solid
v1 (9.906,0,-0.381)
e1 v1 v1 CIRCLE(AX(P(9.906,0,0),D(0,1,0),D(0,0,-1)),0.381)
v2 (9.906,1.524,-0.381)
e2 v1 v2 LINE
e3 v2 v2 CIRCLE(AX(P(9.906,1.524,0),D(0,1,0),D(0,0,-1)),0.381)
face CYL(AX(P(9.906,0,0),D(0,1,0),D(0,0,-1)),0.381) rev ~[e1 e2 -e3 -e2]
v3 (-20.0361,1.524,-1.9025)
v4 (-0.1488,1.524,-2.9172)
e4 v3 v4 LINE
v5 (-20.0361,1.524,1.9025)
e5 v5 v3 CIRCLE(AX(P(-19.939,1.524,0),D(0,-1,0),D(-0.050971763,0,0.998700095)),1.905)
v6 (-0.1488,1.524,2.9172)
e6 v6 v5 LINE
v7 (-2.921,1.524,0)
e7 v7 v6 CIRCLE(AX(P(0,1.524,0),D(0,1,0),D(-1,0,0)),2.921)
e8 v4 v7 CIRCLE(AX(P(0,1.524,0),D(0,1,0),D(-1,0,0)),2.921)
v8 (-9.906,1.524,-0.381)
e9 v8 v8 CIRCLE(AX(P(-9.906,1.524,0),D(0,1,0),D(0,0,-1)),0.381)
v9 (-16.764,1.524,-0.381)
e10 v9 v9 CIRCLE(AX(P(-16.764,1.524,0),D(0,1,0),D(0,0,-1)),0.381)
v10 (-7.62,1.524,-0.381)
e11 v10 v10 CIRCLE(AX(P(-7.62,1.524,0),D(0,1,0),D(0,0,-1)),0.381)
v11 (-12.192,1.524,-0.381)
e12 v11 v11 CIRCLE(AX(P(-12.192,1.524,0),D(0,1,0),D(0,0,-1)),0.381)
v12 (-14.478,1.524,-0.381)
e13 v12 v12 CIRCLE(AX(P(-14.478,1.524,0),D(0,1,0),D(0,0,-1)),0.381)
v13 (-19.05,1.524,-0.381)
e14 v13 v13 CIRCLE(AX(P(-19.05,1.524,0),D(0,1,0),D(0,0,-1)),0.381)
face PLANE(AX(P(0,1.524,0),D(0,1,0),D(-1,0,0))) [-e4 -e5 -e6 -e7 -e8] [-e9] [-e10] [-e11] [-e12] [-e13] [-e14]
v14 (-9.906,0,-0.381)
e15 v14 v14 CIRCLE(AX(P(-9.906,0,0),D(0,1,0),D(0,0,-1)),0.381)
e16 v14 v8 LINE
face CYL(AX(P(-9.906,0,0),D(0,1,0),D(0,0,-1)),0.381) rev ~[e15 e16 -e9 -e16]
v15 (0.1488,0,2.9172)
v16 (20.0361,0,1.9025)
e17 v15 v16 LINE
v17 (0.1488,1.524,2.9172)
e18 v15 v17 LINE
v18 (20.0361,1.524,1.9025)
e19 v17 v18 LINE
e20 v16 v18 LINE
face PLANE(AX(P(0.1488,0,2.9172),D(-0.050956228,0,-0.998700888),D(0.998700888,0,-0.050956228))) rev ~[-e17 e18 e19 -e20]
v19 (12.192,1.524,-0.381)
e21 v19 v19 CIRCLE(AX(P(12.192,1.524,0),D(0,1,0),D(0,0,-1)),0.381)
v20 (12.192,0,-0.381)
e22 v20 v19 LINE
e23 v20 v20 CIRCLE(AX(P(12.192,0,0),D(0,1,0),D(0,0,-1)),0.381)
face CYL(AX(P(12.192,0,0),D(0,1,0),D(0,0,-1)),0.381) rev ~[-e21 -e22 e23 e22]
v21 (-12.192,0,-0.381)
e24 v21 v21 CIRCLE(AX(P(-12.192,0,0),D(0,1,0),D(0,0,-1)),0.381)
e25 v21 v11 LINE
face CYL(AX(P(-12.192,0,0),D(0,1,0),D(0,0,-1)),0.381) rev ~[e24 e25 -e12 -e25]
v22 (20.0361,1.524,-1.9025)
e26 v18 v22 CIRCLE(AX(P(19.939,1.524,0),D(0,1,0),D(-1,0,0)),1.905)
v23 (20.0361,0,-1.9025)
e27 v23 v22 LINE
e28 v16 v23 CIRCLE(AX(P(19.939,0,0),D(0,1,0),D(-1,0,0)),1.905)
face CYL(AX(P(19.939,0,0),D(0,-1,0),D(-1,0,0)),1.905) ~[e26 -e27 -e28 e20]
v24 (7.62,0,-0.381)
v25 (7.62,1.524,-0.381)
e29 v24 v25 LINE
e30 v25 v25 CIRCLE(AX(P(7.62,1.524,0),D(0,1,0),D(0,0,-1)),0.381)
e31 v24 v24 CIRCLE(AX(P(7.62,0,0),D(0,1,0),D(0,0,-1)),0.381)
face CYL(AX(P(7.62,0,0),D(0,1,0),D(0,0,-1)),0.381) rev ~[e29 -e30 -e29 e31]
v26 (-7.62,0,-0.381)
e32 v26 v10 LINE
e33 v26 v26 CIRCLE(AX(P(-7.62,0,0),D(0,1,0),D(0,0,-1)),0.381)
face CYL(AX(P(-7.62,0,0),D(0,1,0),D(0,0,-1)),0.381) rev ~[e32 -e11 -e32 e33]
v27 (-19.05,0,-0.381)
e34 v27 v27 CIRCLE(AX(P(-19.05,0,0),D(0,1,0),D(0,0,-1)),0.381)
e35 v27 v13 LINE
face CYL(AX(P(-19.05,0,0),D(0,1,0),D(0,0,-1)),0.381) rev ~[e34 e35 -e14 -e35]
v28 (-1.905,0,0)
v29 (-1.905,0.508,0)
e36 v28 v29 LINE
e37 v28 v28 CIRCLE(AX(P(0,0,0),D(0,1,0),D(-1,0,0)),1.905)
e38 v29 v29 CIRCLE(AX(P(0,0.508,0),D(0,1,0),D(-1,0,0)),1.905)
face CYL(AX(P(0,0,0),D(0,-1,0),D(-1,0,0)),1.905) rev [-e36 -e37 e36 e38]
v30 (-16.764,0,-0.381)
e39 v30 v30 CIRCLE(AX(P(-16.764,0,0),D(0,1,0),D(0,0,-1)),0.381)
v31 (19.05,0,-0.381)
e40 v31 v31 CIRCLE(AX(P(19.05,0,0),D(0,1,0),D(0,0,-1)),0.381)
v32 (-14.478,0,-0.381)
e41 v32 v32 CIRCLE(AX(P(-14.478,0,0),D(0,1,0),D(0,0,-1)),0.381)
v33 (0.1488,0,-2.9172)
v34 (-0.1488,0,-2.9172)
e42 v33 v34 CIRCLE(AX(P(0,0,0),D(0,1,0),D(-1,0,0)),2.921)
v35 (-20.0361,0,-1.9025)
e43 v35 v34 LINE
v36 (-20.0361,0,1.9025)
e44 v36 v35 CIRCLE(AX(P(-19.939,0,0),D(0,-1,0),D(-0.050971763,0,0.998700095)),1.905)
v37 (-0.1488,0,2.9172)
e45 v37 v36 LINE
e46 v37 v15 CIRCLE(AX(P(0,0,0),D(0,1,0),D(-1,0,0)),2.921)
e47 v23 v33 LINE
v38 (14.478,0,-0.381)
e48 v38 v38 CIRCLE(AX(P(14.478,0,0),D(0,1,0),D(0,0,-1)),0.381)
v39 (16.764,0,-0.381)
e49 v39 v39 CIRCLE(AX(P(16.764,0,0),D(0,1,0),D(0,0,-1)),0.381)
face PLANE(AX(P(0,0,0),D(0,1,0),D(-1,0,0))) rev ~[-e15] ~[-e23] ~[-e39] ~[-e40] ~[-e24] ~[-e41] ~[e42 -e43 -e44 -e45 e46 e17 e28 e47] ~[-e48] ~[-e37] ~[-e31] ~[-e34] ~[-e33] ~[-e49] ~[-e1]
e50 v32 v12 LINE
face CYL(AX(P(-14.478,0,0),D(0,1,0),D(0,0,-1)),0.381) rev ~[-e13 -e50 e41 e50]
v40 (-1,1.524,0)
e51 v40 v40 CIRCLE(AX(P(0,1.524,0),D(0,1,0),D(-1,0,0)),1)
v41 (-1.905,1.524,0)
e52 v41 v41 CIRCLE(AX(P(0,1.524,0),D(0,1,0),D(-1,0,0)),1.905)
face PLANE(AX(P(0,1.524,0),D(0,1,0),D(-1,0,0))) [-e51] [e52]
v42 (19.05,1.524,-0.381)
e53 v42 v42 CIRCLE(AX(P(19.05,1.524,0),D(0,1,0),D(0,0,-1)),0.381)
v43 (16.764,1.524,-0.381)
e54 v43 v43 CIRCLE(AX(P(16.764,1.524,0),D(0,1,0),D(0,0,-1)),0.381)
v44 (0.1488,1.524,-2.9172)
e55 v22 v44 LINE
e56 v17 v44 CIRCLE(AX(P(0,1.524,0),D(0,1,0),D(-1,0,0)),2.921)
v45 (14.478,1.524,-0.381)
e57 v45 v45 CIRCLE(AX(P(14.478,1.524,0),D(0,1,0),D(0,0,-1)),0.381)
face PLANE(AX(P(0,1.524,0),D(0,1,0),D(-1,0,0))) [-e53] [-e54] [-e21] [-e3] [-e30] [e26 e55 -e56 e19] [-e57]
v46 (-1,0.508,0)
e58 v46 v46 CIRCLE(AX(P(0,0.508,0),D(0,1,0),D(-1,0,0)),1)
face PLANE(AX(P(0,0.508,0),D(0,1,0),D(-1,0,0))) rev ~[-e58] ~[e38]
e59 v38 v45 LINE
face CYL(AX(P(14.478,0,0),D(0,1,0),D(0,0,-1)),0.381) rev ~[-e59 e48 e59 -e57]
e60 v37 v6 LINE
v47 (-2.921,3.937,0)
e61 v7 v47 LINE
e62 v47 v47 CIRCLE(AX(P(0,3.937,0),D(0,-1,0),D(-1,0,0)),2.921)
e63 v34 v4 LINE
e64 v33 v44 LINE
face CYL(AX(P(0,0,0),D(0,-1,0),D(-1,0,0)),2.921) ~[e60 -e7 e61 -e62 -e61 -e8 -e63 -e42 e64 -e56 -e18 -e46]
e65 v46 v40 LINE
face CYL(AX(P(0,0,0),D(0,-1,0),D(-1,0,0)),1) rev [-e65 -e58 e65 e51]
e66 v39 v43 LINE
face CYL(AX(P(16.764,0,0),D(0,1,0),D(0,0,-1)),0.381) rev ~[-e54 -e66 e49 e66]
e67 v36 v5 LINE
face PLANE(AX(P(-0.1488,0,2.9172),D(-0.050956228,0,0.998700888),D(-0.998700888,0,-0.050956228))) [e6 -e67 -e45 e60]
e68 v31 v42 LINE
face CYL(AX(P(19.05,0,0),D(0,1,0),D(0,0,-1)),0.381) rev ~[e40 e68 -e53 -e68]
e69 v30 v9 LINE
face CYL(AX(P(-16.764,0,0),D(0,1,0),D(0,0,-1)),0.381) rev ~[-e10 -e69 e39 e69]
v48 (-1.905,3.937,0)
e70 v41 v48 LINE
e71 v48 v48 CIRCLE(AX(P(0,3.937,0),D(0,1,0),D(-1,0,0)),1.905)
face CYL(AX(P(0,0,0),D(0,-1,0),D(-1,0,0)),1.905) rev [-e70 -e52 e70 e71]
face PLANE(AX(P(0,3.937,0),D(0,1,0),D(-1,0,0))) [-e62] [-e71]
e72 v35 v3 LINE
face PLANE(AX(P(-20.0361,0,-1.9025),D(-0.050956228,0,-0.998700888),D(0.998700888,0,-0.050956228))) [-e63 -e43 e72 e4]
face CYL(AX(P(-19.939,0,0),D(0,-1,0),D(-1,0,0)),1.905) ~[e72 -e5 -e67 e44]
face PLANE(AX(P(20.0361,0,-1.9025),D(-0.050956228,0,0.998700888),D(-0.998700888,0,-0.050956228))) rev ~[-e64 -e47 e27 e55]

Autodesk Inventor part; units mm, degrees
ref_plane "YZ Plane" through (0, 0, 0) normal (1, 0, 0) x (0, 1, 0)
ref_plane "XZ Plane" through (0, 0, 0) normal (0, 1, 0) x (-1, 0, 0)
ref_plane "XY Plane" through (0, 0, 0) normal (0, 0, 1) x (1, 0, 0)
sketch "Sketch1" plane through (0, 0, 0) normal (0, 1, 0) x (-1, 0, 0)
  circle A0 centre (0, 0) radius 2.921
  circle A1 centre (0, 0) radius 1.905
  circle A2 centre (0, 0) radius 1
  line L0 (0.1488, 2.9172) -> (20.0361, 1.9025)
  circle A3 centre (19.939, 0) radius 1.905
  line L1 (0, 0) -> (0, 21.9223) construction
  line L2 (20.0361, -1.9025) -> (0.1488, -2.9172)
  line L3 (-0.1488, 2.9172) -> (-20.0361, 1.9025)
  circle A4 centre (-19.939, 0) radius 1.905
  line L4 (-20.0361, -1.9025) -> (-0.1488, -2.9172)
  line L5 (23.8294, 0) -> (-23.4157, 0) construction
  point P0 (19.05, 0)
  point P1 (16.764, 0)
  point P2 (14.478, 0)
  point P3 (12.192, 0)
  point P4 (9.906, 0)
  point P5 (7.62, 0)
  point P6 (-19.05, 0)
  point P7 (-16.764, 0)
  point P8 (-14.478, 0)
  point P9 (-12.192, 0)
  point P10 (-9.906, 0)
  point P11 (-7.62, 0)
  dimension "d0" = 5.842
  dimension "d1" = 3.81
  dimension "d2" = 2
  dimension "d3" = 43.688
  dimension "d4" = 3.81
  dimension "d11" = 2.286
  dimension "d16" = 38.1
extrude "Extrusion1" add sketch "Sketch1" along normal blind 1.524 contours A0 | A0 L0 A3 L2 | A0 L4 A4 L3 | A3 | A4 | A1
extrude "Extrusion2" add sketch "Sketch1" along normal blind 3.937 contours A0
hole "Hole1" at (-19.05, 0, 0) at (-16.764, 0, 0) at (-14.478, 0, 0) at (-12.192, 0, 0) at (-9.906, 0, 0) at (-7.62, 0, 0) at (7.62, 0, 0) at (9.906, 0, 0) at (12.192, 0, 0) at (14.478, 0, 0) at (16.764, 0, 0) at (19.05, 0, 0) direction (0, 1, 0) diameter 0.762 end through all
extrude "Extrusion3" cut sketch "Sketch1" along normal blind 0.508 contours A1
properties part number "horn" material "Nylon 6/6"
